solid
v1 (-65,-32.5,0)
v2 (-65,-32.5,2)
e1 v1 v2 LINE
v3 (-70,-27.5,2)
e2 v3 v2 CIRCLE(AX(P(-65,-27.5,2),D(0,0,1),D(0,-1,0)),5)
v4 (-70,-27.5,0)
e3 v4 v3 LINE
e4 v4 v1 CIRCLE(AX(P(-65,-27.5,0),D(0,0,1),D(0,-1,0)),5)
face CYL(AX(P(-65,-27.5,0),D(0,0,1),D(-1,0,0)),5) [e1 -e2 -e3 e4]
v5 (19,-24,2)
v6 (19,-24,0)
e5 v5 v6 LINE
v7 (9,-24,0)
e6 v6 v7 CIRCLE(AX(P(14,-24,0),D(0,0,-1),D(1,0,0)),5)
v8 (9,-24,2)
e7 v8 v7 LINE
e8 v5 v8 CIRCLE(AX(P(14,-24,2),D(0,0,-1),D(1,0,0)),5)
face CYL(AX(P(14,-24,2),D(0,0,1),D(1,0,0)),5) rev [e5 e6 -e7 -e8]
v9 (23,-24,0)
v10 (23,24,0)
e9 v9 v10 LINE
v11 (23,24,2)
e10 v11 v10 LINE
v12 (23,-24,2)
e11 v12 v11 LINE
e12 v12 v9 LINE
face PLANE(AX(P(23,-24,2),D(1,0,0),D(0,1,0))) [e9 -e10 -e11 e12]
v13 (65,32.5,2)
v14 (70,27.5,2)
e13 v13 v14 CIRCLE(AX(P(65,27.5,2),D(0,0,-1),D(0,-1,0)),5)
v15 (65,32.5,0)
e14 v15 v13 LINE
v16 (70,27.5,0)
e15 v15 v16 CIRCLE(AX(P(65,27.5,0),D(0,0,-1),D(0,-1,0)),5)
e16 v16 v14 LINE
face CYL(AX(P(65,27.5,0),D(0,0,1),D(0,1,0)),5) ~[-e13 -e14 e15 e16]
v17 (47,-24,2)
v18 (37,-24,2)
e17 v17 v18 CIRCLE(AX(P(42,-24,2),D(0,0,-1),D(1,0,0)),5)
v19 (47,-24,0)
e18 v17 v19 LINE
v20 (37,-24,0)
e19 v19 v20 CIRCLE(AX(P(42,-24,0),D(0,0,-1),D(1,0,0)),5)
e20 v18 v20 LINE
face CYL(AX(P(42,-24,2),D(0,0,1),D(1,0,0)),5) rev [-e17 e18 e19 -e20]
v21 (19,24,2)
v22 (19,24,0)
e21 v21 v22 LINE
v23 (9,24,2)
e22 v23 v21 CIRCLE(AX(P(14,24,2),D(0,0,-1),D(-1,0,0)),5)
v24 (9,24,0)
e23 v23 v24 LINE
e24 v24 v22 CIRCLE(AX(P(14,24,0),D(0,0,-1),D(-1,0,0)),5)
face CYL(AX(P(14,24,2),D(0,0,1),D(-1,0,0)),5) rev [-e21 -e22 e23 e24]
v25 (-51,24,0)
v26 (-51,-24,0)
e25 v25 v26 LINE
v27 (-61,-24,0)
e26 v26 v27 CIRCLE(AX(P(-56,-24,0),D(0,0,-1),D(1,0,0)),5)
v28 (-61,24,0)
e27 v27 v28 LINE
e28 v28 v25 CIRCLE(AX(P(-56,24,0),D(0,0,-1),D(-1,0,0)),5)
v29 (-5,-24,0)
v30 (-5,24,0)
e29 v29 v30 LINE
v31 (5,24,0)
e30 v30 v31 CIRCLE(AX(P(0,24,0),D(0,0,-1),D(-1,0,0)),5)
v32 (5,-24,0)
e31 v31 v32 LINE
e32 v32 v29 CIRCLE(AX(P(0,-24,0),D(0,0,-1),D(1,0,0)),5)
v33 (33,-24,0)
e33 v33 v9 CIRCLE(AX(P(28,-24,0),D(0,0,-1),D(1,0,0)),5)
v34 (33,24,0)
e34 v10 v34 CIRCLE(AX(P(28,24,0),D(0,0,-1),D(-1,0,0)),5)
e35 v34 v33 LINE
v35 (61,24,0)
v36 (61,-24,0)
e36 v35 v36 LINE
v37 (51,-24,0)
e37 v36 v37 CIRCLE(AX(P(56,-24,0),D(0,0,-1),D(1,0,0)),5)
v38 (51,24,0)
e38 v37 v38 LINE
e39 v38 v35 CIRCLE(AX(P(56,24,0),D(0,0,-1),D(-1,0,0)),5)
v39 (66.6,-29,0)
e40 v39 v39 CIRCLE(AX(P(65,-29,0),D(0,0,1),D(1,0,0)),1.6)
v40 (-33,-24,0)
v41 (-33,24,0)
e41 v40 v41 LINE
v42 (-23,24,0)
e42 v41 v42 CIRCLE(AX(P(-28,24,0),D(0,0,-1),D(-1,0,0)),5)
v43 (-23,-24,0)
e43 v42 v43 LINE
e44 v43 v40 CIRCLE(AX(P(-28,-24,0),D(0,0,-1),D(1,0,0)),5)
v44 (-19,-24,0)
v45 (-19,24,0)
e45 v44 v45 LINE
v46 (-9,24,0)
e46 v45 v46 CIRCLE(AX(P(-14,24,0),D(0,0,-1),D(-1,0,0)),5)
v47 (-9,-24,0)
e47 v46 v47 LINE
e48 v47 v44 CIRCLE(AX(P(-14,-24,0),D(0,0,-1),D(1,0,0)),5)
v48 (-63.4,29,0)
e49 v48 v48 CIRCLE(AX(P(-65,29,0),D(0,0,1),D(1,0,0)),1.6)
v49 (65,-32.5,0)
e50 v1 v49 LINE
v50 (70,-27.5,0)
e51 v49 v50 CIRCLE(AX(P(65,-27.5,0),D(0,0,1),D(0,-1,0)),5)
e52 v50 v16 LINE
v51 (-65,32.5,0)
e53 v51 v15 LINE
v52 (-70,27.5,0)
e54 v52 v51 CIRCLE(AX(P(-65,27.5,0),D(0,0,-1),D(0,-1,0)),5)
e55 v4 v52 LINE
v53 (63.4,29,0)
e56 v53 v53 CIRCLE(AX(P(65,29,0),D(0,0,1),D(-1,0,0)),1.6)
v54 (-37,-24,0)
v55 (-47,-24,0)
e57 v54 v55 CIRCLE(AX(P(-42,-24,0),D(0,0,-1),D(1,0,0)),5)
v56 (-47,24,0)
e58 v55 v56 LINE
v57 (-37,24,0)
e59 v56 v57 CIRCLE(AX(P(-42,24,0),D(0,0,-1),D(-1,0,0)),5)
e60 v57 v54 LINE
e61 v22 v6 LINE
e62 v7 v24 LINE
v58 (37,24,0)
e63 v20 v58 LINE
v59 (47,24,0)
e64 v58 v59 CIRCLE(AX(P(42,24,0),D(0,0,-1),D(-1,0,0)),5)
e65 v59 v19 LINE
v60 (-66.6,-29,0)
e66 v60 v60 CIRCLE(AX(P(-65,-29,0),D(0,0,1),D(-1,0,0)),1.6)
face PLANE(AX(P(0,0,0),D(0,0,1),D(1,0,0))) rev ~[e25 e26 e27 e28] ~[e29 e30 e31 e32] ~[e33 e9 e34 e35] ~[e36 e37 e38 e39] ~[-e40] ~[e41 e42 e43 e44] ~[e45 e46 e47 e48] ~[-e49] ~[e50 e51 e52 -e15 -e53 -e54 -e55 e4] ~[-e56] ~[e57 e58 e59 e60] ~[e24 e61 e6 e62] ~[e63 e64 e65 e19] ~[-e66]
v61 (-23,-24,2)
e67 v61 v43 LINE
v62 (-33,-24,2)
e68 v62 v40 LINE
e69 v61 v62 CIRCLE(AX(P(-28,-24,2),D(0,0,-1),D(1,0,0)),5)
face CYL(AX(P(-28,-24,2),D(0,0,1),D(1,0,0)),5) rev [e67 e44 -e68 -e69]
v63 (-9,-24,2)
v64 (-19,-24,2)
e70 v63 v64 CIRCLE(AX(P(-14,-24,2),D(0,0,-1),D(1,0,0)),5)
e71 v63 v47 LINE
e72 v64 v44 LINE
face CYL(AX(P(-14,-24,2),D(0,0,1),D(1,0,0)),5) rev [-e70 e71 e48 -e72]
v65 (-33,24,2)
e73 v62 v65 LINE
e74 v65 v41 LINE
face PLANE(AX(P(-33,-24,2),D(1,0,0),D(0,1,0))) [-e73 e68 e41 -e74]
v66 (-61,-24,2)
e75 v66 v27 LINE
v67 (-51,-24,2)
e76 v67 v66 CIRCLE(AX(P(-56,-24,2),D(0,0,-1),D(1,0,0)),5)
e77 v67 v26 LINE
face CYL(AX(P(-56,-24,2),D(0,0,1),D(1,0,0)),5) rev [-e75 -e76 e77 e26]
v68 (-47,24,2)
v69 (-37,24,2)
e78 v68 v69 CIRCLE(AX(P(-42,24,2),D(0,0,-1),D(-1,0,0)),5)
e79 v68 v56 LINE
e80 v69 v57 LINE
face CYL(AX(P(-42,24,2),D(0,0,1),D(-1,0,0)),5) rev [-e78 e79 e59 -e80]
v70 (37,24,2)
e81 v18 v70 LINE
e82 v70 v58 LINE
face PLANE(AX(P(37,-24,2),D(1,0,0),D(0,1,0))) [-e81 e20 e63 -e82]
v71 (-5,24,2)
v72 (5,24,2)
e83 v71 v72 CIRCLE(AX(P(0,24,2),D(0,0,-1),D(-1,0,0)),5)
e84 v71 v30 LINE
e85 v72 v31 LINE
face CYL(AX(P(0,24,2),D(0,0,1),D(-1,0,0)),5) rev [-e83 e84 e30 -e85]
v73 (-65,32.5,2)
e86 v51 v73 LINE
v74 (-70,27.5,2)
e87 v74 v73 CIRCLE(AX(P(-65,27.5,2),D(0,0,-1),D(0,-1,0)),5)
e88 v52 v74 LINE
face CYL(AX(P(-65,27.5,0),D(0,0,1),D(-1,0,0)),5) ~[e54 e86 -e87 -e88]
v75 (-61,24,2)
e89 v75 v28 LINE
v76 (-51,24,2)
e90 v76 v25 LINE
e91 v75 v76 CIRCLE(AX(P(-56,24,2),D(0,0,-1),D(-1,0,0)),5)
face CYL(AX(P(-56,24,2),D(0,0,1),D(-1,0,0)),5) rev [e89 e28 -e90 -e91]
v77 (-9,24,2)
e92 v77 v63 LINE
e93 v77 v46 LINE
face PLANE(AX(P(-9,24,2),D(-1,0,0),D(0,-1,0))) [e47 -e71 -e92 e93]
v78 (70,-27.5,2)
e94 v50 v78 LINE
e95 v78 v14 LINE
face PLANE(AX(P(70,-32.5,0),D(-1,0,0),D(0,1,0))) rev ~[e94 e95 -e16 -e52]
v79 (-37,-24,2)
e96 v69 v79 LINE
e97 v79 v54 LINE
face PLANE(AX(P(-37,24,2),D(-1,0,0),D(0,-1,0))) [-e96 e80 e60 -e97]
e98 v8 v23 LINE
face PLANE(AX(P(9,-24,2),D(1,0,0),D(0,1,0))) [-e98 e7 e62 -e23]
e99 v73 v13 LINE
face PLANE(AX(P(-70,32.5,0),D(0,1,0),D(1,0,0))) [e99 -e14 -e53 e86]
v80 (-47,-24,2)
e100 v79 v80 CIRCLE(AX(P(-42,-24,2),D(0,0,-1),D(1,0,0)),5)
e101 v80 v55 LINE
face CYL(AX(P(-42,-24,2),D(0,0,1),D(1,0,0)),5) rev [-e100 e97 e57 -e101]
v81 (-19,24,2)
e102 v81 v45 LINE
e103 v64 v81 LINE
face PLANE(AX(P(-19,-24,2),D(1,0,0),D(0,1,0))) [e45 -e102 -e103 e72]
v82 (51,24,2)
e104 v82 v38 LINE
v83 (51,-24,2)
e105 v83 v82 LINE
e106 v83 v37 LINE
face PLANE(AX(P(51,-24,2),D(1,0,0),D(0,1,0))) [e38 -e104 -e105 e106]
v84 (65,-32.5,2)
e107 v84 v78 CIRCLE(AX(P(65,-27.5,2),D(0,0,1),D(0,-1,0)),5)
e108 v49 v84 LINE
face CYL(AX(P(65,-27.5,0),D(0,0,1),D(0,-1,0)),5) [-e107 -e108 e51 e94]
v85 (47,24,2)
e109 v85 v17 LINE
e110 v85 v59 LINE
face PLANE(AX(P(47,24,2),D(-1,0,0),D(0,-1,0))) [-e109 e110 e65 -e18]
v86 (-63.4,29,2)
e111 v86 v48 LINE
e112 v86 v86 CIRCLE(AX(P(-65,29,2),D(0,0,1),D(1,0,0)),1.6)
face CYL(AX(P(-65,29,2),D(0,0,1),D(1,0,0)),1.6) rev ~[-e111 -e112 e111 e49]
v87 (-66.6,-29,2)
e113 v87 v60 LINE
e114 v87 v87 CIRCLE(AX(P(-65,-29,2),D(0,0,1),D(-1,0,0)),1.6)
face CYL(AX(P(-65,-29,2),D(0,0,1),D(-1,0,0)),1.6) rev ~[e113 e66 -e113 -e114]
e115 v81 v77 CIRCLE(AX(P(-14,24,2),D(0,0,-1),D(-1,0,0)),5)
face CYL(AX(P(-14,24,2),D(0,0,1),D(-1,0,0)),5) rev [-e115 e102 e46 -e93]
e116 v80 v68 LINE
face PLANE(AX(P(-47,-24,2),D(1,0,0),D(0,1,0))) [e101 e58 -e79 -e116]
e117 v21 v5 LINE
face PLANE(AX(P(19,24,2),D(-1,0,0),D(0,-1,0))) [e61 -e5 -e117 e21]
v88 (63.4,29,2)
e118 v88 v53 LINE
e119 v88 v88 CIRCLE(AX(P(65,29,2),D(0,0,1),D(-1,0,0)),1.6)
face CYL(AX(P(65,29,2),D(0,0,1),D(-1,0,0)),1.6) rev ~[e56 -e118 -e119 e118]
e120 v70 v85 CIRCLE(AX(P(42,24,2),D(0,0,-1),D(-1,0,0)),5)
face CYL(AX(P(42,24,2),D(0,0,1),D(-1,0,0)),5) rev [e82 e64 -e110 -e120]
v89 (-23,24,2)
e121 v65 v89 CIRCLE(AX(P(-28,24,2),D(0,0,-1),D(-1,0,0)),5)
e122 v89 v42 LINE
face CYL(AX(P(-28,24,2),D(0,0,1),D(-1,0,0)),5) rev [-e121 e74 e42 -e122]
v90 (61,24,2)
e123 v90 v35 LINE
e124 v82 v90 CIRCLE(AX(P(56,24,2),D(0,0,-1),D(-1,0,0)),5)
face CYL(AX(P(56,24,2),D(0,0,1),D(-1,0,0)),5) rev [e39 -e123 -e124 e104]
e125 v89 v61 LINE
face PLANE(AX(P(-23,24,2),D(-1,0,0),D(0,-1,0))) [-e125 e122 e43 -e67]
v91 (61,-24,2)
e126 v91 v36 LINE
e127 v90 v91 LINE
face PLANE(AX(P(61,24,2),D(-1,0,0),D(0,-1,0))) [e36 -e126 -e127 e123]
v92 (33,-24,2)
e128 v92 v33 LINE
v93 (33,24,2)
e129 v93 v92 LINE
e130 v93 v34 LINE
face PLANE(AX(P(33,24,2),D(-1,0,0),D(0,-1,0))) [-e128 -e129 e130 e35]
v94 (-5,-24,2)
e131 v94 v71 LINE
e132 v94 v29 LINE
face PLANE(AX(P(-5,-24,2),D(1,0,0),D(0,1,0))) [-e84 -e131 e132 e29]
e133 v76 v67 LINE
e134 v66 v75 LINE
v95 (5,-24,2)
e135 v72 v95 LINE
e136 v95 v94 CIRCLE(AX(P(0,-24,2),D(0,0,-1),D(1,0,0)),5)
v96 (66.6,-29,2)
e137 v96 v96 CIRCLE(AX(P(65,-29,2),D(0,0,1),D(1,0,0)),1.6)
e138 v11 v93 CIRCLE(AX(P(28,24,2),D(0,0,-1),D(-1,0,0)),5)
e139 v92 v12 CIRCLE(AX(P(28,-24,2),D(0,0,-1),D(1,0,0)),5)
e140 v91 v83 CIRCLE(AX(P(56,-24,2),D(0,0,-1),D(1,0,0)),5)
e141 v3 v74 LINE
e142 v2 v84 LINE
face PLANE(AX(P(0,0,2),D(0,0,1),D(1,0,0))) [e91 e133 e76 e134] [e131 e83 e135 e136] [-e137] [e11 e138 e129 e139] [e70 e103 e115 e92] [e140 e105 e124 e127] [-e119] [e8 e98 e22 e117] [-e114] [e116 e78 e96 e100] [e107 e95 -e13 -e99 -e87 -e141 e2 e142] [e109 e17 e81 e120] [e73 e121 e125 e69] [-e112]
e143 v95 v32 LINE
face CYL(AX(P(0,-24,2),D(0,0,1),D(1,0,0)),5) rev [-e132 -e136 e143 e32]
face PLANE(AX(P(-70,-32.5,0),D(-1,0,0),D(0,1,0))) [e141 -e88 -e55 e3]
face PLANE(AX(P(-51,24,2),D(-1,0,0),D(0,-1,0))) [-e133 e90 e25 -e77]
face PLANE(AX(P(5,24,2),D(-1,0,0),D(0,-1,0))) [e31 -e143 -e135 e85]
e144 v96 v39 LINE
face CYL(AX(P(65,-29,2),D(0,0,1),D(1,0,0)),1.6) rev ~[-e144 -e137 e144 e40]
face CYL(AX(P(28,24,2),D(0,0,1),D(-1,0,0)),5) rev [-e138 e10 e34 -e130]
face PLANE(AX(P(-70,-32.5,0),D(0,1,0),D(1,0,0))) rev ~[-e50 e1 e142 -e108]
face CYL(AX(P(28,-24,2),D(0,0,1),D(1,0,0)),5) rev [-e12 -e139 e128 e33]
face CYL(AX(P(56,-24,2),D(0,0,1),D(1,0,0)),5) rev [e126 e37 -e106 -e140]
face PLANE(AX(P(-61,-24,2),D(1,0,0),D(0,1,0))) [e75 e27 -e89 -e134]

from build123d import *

# Parameters (mm, degrees)
SKETCH_1_W          = 140
SKETCH_1_H          = 65
EXTRUDE_1_DEPTH     = 2
SKETCH_2_R          = 1.6
CUT_EXTRUDE_1_DEPTH = 2
CUT_EXTRUDE_2_DEPTH = 2
FILLET_1_R          = 5


with BuildPart() as part:
    # 草图1 → 凸台-拉伸1 (new body)
    with BuildSketch(Plane.XY):
        Rectangle(SKETCH_1_W, SKETCH_1_H)
    extrude(amount=EXTRUDE_1_DEPTH)

    # 草图2 → 切除-拉伸1 (cut)
    with BuildSketch(Plane.XY.offset(2)):
        with Locations((-65, 29)):
            Circle(SKETCH_2_R)
        with Locations(Location((65, 29, 0), (0, 0, 180))):
            Circle(SKETCH_2_R)
        with Locations((65, -29)):
            Circle(SKETCH_2_R)
        with Locations(Location((-65, -29, 0), (0, 0, 180))):
            Circle(SKETCH_2_R)
    extrude(amount=-CUT_EXTRUDE_1_DEPTH, mode=Mode.SUBTRACT)

    # 草图3 → 切除-拉伸2 (cut)
    with BuildSketch(Plane.XY.offset(2)):
        with BuildLine():
            Line((-51, 24), (-51, -24))
            ThreePointArc((-51, -24), (-56, -29), (-61, -24))
            Line((-61, -24), (-61, 24))
            ThreePointArc((-61, 24), (-56, 29), (-51, 24))
        make_face()
        with BuildLine():
            Line((-37, 24), (-37, -24))
            ThreePointArc((-37, -24), (-42, -29), (-47, -24))
            Line((-47, -24), (-47, 24))
            ThreePointArc((-47, 24), (-42, 29), (-37, 24))
        make_face()
        with BuildLine():
            Line((-23, 24), (-23, -24))
            ThreePointArc((-23, -24), (-28, -29), (-33, -24))
            Line((-33, -24), (-33, 24))
            ThreePointArc((-33, 24), (-28, 29), (-23, 24))
        make_face()
        with BuildLine():
            Line((-9, 24), (-9, -24))
            ThreePointArc((-9, -24), (-14, -29), (-19, -24))
            Line((-19, -24), (-19, 24))
            ThreePointArc((-19, 24), (-14, 29), (-9, 24))
        make_face()
        with BuildLine():
            Line((5, 24), (5, -24))
            ThreePointArc((5, -24), (0, -29), (-5, -24))
            Line((-5, -24), (-5, 24))
            ThreePointArc((-5, 24), (0, 29), (5, 24))
        make_face()
        with BuildLine():
            Line((19, 24), (19, -24))
            ThreePointArc((19, -24), (14, -29), (9, -24))
            Line((9, -24), (9, 24))
            ThreePointArc((9, 24), (14, 29), (19, 24))
        make_face()
        with BuildLine():
            Line((33, 24), (33, -24))
            ThreePointArc((33, -24), (28, -29), (23, -24))
            Line((23, -24), (23, 24))
            ThreePointArc((23, 24), (28, 29), (33, 24))
        make_face()
        with BuildLine():
            Line((47, 24), (47, -24))
            ThreePointArc((47, -24), (42, -29), (37, -24))
            Line((37, -24), (37, 24))
            ThreePointArc((37, 24), (42, 29), (47, 24))
        make_face()
        with BuildLine():
            Line((61, 24), (61, -24))
            ThreePointArc((61, -24), (56, -29), (51, -24))
            Line((51, -24), (51, 24))
            ThreePointArc((51, 24), (56, 29), (61, 24))
        make_face()
    extrude(amount=-CUT_EXTRUDE_2_DEPTH, mode=Mode.SUBTRACT)

    # 圆角1
    fillet_1_edges = [part.edges().sort_by_distance(p)[0] for p in [
        (-70, 32.5, 1),
        (70, 32.5, 1),
        (70, -32.5, 1),
        (-70, -32.5, 1),
    ]]
    fillet(fillet_1_edges, radius=FILLET_1_R)


solid = part.part
